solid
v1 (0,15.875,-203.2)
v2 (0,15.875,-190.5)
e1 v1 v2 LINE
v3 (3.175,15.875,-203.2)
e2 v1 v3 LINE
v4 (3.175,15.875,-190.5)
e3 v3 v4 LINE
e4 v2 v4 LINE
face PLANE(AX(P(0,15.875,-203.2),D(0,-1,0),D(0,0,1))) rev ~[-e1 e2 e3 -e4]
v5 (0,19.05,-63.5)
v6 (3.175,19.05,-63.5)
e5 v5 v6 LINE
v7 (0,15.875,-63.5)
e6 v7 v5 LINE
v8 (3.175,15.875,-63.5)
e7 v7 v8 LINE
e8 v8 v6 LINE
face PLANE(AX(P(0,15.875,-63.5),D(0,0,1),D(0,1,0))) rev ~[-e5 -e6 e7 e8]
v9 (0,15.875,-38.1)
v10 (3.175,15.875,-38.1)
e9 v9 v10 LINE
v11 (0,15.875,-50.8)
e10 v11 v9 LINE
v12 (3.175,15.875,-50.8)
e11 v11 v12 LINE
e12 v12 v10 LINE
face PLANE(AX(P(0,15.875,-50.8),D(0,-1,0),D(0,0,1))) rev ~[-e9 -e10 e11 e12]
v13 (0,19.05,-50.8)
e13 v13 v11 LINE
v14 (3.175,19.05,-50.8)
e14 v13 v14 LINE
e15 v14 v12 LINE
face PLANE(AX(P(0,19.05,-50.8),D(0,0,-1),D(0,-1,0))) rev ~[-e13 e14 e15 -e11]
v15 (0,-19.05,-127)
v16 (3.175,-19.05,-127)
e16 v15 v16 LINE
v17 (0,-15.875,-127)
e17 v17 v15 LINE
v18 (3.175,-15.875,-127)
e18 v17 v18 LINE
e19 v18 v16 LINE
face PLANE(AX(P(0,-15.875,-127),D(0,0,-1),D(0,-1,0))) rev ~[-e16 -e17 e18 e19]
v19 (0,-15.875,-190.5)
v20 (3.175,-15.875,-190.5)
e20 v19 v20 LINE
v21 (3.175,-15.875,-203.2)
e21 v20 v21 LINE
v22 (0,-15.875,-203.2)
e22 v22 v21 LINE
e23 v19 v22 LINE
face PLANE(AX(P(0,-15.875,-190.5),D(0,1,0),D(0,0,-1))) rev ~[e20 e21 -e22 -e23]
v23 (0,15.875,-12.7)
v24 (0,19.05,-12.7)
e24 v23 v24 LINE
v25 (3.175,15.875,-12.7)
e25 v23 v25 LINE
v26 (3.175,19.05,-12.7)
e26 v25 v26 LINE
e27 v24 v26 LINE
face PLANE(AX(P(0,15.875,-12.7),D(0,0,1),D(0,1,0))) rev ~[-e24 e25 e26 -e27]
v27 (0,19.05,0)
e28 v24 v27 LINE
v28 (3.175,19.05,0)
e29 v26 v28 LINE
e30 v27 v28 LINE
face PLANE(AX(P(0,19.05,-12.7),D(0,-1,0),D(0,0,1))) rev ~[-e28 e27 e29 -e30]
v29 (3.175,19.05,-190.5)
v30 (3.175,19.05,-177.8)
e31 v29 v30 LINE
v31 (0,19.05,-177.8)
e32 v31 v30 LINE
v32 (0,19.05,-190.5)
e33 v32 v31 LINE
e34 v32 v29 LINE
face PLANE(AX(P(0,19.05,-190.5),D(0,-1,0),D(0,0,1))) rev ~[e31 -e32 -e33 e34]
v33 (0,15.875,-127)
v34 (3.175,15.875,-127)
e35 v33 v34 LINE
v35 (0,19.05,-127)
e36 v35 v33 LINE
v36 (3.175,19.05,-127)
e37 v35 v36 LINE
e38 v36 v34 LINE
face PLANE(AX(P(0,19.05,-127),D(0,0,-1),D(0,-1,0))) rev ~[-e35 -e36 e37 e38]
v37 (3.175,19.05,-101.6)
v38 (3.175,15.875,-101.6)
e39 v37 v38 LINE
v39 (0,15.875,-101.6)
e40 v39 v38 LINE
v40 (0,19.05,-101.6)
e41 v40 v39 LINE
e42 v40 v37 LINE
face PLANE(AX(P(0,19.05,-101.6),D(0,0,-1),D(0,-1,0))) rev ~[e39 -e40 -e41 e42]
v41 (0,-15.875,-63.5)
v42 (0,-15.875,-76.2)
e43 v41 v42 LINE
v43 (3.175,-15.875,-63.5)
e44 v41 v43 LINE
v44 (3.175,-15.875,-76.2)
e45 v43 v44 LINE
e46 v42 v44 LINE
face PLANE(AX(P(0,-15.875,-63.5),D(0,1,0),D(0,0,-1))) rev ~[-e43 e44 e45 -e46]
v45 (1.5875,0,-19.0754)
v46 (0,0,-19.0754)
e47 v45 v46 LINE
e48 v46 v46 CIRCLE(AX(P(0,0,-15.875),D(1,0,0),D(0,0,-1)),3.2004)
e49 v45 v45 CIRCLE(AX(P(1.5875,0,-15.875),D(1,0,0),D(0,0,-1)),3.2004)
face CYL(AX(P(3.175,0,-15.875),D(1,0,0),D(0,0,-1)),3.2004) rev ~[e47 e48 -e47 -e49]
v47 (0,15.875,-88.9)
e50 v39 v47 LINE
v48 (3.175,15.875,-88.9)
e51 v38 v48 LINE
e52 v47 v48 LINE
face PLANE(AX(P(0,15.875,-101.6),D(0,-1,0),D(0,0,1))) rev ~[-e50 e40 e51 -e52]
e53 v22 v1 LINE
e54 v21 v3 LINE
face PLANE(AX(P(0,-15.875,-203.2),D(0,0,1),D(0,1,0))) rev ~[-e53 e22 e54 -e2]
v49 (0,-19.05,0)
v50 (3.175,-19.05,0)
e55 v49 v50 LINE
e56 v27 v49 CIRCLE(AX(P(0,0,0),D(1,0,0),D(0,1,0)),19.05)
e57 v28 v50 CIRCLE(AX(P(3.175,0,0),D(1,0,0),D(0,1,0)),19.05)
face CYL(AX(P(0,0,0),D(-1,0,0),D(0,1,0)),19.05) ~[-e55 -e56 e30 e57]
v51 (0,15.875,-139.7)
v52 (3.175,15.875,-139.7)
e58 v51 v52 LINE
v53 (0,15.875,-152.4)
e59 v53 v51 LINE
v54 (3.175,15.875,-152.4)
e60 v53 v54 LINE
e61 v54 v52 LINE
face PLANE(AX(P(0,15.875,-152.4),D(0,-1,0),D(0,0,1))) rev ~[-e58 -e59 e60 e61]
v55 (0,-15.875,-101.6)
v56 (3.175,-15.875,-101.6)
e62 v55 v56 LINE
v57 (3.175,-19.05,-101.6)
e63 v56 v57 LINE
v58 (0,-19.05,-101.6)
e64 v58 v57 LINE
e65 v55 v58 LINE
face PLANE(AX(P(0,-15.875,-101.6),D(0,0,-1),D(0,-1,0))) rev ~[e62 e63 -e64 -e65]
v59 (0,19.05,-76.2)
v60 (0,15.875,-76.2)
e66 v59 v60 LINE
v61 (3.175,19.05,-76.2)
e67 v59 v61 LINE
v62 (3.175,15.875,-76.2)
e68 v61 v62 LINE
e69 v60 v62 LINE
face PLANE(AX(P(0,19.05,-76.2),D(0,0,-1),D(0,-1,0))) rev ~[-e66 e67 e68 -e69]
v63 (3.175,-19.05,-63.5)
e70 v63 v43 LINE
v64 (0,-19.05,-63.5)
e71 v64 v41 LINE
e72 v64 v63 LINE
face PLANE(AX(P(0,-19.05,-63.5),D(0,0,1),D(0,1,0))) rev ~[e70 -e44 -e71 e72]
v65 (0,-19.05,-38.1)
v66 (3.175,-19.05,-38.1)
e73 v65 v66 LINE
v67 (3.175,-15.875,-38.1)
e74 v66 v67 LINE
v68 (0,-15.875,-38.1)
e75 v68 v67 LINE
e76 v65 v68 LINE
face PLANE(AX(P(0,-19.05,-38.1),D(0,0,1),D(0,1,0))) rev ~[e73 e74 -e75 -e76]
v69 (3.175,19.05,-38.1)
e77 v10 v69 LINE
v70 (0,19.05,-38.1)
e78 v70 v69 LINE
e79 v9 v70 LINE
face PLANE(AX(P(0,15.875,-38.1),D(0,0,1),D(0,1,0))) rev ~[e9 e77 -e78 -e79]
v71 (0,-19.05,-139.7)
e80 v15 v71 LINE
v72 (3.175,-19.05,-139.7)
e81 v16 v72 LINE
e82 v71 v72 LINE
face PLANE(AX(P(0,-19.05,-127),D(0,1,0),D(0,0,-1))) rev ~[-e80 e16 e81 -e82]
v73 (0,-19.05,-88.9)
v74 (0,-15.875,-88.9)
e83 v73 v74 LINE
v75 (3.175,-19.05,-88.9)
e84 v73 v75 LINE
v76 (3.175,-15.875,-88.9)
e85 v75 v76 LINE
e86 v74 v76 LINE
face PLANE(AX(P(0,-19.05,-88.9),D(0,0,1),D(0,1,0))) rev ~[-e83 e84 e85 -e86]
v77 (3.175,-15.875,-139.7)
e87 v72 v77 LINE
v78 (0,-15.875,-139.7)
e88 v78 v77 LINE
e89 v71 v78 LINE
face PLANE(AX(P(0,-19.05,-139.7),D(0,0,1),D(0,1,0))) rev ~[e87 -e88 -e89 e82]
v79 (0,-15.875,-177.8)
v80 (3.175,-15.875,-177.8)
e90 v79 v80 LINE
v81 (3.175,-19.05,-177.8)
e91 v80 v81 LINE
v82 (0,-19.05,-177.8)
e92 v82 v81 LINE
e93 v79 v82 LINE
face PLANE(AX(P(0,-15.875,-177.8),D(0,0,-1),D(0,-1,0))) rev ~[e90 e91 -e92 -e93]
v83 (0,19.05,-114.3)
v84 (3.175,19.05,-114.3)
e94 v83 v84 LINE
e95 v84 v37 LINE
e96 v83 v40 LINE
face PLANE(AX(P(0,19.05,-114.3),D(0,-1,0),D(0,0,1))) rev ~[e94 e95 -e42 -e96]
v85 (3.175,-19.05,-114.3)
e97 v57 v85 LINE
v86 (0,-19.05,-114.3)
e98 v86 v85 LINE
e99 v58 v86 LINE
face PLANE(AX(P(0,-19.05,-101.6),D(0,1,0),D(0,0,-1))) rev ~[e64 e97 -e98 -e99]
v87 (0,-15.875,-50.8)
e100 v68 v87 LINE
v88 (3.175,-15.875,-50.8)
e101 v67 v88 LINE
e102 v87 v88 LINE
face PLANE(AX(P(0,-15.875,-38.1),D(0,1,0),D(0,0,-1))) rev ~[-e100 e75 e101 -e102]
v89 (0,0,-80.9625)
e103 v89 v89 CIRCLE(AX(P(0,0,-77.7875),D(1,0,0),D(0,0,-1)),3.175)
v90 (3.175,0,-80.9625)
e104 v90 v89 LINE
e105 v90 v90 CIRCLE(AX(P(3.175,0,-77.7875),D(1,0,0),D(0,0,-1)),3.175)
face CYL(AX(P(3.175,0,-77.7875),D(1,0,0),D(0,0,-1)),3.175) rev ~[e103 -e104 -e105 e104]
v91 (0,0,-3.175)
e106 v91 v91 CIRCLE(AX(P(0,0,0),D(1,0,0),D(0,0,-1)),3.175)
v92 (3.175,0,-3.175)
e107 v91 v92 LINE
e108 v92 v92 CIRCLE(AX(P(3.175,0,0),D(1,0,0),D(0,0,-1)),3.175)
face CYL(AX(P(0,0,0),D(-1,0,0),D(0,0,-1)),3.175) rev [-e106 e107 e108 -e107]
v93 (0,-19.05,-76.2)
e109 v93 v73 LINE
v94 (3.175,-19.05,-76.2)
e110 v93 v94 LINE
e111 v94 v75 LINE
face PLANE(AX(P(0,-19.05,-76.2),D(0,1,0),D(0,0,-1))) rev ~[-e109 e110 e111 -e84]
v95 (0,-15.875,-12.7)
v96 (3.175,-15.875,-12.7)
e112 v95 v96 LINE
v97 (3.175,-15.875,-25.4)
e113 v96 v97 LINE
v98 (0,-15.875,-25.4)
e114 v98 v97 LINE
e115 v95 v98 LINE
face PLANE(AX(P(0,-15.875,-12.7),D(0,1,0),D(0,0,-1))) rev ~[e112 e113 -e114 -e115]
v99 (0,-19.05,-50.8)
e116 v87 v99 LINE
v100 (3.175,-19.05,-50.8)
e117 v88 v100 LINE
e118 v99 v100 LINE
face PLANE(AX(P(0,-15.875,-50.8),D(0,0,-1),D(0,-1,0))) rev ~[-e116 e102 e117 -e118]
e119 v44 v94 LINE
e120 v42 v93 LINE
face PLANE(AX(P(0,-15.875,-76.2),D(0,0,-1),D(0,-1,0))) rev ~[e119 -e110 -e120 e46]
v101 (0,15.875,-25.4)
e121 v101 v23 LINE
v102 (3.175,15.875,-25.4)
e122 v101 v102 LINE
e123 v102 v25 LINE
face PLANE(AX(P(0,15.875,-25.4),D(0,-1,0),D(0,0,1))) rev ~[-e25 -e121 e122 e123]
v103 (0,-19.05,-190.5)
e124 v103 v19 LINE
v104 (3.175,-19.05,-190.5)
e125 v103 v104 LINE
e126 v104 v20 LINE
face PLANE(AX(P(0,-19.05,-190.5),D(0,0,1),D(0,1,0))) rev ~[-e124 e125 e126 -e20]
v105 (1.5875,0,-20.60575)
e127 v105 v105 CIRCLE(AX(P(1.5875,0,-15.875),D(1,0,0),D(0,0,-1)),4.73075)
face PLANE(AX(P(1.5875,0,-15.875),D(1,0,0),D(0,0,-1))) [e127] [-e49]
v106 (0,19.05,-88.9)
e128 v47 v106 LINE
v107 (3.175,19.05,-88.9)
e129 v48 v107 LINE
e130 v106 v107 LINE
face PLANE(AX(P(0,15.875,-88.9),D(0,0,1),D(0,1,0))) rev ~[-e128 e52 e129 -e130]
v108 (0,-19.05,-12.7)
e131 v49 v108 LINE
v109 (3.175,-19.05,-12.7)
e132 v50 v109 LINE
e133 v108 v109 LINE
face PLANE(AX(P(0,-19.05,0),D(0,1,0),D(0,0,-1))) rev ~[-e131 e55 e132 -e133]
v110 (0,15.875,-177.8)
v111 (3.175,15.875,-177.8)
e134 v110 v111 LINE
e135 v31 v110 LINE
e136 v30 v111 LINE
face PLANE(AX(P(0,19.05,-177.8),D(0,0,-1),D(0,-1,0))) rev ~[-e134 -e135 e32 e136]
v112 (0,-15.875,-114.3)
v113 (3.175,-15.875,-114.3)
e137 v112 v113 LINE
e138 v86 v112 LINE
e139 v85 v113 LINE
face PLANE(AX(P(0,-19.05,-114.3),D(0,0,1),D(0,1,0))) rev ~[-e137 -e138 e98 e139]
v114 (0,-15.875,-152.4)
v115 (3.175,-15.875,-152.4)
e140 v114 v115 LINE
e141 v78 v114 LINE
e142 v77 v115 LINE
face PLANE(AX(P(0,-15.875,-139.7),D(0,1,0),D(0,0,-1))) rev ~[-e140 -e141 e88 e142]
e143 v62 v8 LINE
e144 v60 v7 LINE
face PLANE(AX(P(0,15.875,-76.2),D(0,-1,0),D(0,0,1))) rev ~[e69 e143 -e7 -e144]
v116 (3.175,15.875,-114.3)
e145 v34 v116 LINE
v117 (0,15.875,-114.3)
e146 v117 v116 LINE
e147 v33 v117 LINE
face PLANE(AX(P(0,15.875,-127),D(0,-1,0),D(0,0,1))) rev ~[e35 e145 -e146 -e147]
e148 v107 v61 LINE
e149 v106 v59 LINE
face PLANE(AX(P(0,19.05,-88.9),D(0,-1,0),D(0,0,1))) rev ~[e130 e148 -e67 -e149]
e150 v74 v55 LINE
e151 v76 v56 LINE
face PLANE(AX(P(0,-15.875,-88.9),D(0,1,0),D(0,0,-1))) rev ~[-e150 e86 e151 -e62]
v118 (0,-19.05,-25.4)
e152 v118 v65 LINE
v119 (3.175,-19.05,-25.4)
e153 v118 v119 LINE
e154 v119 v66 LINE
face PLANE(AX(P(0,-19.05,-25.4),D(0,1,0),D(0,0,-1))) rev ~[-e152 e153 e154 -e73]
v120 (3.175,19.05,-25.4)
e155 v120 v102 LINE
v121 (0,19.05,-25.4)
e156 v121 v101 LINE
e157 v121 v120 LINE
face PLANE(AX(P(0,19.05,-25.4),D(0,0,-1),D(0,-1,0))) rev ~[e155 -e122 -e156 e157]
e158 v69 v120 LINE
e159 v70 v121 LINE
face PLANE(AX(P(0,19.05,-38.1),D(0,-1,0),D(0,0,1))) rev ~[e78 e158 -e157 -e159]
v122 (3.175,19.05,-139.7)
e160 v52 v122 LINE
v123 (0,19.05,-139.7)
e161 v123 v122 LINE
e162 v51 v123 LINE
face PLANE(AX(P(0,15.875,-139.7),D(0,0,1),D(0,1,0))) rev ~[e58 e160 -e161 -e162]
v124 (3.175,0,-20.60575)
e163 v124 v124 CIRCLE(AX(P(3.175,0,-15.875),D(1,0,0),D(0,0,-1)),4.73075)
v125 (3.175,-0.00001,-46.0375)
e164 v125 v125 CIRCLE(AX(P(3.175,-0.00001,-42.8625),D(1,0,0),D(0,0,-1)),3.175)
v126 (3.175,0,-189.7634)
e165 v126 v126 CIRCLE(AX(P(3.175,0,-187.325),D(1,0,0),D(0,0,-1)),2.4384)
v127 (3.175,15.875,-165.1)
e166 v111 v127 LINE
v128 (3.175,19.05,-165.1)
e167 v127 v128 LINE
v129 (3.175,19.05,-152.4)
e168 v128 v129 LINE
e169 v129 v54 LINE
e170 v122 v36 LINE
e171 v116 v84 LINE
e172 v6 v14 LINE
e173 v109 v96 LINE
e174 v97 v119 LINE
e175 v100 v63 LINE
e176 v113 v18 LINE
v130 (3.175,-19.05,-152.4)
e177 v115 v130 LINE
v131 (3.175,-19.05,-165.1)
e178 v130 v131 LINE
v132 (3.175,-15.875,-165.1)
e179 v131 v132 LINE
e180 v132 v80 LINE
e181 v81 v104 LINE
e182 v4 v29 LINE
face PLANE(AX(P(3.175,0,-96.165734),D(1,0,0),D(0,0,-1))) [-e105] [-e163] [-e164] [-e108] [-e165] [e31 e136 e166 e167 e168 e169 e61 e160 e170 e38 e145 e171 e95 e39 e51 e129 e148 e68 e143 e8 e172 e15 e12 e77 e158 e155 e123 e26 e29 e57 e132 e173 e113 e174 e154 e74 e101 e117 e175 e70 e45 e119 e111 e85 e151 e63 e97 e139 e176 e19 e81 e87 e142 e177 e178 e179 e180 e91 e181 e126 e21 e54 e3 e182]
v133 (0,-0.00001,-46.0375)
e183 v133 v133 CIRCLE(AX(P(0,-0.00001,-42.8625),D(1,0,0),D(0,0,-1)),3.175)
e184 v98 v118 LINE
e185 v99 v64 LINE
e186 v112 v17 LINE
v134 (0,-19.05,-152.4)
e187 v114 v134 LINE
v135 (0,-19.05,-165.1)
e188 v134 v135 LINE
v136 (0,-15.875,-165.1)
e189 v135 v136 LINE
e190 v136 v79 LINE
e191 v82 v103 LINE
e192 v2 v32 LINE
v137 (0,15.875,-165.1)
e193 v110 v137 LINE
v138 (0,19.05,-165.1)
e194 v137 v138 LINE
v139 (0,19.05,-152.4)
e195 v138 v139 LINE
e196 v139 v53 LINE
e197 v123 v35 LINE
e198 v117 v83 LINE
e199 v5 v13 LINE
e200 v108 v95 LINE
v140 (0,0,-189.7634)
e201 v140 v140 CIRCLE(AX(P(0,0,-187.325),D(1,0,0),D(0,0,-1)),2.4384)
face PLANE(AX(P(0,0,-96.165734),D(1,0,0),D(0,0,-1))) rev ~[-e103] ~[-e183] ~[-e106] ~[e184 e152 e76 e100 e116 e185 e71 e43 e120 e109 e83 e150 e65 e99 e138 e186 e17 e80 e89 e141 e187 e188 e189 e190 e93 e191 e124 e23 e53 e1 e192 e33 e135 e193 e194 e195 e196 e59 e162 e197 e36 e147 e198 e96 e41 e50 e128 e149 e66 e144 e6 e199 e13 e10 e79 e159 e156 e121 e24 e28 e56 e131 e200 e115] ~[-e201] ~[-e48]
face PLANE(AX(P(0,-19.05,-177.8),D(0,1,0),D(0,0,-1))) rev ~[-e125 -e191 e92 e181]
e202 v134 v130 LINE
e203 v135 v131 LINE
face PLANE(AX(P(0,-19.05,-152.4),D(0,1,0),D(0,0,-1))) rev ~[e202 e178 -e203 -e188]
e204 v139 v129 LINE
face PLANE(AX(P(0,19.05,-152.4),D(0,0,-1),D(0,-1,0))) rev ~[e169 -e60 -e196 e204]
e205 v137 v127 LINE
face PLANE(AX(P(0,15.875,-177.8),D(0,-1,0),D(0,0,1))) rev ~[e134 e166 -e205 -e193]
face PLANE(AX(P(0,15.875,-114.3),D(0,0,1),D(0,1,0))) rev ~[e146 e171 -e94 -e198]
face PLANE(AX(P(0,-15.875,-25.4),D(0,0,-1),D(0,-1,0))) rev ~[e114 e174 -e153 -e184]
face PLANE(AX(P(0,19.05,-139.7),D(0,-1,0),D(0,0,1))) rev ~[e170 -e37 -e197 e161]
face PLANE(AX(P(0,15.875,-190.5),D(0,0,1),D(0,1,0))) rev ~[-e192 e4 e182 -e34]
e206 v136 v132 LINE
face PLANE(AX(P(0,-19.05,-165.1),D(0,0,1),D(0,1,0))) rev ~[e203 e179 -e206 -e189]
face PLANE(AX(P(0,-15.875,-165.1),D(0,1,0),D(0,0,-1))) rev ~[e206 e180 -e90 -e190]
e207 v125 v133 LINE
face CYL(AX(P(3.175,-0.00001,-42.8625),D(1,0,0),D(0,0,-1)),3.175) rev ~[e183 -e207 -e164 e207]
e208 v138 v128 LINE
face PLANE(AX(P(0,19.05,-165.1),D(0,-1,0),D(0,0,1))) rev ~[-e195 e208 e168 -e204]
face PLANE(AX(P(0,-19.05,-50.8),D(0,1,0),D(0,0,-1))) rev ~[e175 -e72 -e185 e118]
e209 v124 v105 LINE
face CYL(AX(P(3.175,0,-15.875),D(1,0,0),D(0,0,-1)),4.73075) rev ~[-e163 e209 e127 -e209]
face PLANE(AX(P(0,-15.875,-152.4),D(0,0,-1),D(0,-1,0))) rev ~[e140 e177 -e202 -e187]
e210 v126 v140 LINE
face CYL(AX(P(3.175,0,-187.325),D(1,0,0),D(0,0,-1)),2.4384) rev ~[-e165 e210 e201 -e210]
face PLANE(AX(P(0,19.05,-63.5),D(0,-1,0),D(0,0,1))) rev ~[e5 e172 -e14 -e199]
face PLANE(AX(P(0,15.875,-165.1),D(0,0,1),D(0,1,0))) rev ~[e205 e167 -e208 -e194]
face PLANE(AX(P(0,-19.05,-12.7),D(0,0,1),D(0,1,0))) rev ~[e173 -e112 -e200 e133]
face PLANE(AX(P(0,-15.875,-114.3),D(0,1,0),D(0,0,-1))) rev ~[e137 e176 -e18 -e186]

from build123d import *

# Parameters (mm, degrees)
SKETCH1_R           = 3.175
BOSS_EXTRUDE1_DEPTH = 3.175
SKETCH2_R           = 3.2004
SKETCH2_R_2         = 2.4384
SKETCH2_R_3         = 3.175
CUT_EXTRUDE2_DEPTH  = 205.115710138
SKETCH3_R           = 4.73075
CUT_EXTRUDE3_DEPTH  = 1.5875


with BuildPart() as part:
    # Sketch1 → Boss-Extrude1 (new body)
    with BuildSketch(Plane(origin=(0, 0, 0), x_dir=(0, 0, -1), z_dir=(1, 0, 0))):
        with BuildLine():
            Line((12.7, 19.05), (0, 19.05))
            ThreePointArc((0, 19.05), (-19.05, 0), (0, -19.05))
            Line((0, -19.05), (12.7, -19.05))
            Line((12.7, -19.05), (12.7, -15.875))
            Line((12.7, -15.875), (25.4, -15.875))
            Line((25.4, -15.875), (25.4, -19.05))
            Line((25.4, -19.05), (38.1, -19.05))
            Line((38.1, -19.05), (38.1, -15.875))
            Line((38.1, -15.875), (50.8, -15.875))
            Line((50.8, -15.875), (50.8, -19.05))
            Line((50.8, -19.05), (63.5, -19.05))
            Line((63.5, -19.05), (63.5, -15.875))
            Line((63.5, -15.875), (76.2, -15.875))
            Line((76.2, -15.875), (76.2, -19.05))
            Line((76.2, -19.05), (88.9, -19.05))
            Line((88.9, -19.05), (88.9, -15.875))
            Line((88.9, -15.875), (101.6, -15.875))
            Line((101.6, -15.875), (101.6, -19.05))
            Line((101.6, -19.05), (114.3, -19.05))
            Line((114.3, -19.05), (114.3, -15.875))
            Line((114.3, -15.875), (127, -15.875))
            Line((127, -15.875), (127, -19.05))
            Line((127, -19.05), (139.7, -19.05))
            Line((139.7, -19.05), (139.7, -15.875))
            Line((139.7, -15.875), (152.4, -15.875))
            Line((152.4, -15.875), (152.4, -19.05))
            Line((152.4, -19.05), (165.1, -19.05))
            Line((165.1, -19.05), (165.1, -15.875))
            Line((165.1, -15.875), (177.8, -15.875))
            Line((177.8, -15.875), (177.8, -19.05))
            Line((177.8, -19.05), (190.5, -19.05))
            Line((190.5, -19.05), (190.5, -15.875))
            Line((190.5, -15.875), (203.2, -15.875))
            Line((203.2, -15.875), (203.2, 15.875))
            Line((203.2, 15.875), (190.5, 15.875))
            Line((190.5, 15.875), (190.5, 19.05))
            Line((190.5, 19.05), (177.8, 19.05))
            Line((177.8, 19.05), (177.8, 15.875))
            Line((177.8, 15.875), (165.1, 15.875))
            Line((165.1, 15.875), (165.1, 19.05))
            Line((165.1, 19.05), (152.4, 19.05))
            Line((152.4, 19.05), (152.4, 15.875))
            Line((152.4, 15.875), (139.7, 15.875))
            Line((139.7, 15.875), (139.7, 19.05))
            Line((139.7, 19.05), (127, 19.05))
            Line((127, 19.05), (127, 15.875))
            Line((127, 15.875), (114.3, 15.875))
            Line((114.3, 15.875), (114.3, 19.05))
            Line((114.3, 19.05), (101.6, 19.05))
            Line((101.6, 19.05), (101.6, 15.875))
            Line((101.6, 15.875), (88.9, 15.875))
            Line((88.9, 15.875), (88.9, 19.05))
            Line((88.9, 19.05), (76.2, 19.05))
            Line((76.2, 19.05), (76.2, 15.875))
            Line((76.2, 15.875), (63.5, 15.875))
            Line((63.5, 15.875), (63.5, 19.05))
            Line((63.5, 19.05), (50.8, 19.05))
            Line((50.8, 19.05), (50.8, 15.875))
            Line((50.8, 15.875), (38.1, 15.875))
            Line((38.1, 15.875), (38.1, 19.05))
            Line((38.1, 19.05), (25.4, 19.05))
            Line((25.4, 19.05), (25.4, 15.875))
            Line((25.4, 15.875), (12.7, 15.875))
            Line((12.7, 15.875), (12.7, 19.05))
        make_face()
        Circle(SKETCH1_R, mode=Mode.SUBTRACT)
    extrude(amount=BOSS_EXTRUDE1_DEPTH)

    # Sketch2 → Cut-Extrude2 (cut, through all)
    with BuildSketch(Plane(origin=(3.175, 0, 0), x_dir=(0, 0, -1), z_dir=(1, 0, 0))):
        with Locations((15.875, 0)):
            Circle(SKETCH2_R)
        with Locations((187.325, 0)):
            Circle(SKETCH2_R_2)
        with Locations((42.8625, -9.647e-06)):
            Circle(SKETCH2_R_3)
        with Locations((77.7875, 0)):
            Circle(SKETCH2_R_3)
    extrude(amount=-CUT_EXTRUDE2_DEPTH, mode=Mode.SUBTRACT)

    # Sketch3 → Cut-Extrude3 (cut)
    with BuildSketch(Plane(origin=(3.175, 0, 0), x_dir=(0, 0, -1), z_dir=(1, 0, 0))):
        with Locations((15.875, 0)):
            Circle(SKETCH3_R)
    extrude(amount=-CUT_EXTRUDE3_DEPTH, mode=Mode.SUBTRACT)


solid = part.part
